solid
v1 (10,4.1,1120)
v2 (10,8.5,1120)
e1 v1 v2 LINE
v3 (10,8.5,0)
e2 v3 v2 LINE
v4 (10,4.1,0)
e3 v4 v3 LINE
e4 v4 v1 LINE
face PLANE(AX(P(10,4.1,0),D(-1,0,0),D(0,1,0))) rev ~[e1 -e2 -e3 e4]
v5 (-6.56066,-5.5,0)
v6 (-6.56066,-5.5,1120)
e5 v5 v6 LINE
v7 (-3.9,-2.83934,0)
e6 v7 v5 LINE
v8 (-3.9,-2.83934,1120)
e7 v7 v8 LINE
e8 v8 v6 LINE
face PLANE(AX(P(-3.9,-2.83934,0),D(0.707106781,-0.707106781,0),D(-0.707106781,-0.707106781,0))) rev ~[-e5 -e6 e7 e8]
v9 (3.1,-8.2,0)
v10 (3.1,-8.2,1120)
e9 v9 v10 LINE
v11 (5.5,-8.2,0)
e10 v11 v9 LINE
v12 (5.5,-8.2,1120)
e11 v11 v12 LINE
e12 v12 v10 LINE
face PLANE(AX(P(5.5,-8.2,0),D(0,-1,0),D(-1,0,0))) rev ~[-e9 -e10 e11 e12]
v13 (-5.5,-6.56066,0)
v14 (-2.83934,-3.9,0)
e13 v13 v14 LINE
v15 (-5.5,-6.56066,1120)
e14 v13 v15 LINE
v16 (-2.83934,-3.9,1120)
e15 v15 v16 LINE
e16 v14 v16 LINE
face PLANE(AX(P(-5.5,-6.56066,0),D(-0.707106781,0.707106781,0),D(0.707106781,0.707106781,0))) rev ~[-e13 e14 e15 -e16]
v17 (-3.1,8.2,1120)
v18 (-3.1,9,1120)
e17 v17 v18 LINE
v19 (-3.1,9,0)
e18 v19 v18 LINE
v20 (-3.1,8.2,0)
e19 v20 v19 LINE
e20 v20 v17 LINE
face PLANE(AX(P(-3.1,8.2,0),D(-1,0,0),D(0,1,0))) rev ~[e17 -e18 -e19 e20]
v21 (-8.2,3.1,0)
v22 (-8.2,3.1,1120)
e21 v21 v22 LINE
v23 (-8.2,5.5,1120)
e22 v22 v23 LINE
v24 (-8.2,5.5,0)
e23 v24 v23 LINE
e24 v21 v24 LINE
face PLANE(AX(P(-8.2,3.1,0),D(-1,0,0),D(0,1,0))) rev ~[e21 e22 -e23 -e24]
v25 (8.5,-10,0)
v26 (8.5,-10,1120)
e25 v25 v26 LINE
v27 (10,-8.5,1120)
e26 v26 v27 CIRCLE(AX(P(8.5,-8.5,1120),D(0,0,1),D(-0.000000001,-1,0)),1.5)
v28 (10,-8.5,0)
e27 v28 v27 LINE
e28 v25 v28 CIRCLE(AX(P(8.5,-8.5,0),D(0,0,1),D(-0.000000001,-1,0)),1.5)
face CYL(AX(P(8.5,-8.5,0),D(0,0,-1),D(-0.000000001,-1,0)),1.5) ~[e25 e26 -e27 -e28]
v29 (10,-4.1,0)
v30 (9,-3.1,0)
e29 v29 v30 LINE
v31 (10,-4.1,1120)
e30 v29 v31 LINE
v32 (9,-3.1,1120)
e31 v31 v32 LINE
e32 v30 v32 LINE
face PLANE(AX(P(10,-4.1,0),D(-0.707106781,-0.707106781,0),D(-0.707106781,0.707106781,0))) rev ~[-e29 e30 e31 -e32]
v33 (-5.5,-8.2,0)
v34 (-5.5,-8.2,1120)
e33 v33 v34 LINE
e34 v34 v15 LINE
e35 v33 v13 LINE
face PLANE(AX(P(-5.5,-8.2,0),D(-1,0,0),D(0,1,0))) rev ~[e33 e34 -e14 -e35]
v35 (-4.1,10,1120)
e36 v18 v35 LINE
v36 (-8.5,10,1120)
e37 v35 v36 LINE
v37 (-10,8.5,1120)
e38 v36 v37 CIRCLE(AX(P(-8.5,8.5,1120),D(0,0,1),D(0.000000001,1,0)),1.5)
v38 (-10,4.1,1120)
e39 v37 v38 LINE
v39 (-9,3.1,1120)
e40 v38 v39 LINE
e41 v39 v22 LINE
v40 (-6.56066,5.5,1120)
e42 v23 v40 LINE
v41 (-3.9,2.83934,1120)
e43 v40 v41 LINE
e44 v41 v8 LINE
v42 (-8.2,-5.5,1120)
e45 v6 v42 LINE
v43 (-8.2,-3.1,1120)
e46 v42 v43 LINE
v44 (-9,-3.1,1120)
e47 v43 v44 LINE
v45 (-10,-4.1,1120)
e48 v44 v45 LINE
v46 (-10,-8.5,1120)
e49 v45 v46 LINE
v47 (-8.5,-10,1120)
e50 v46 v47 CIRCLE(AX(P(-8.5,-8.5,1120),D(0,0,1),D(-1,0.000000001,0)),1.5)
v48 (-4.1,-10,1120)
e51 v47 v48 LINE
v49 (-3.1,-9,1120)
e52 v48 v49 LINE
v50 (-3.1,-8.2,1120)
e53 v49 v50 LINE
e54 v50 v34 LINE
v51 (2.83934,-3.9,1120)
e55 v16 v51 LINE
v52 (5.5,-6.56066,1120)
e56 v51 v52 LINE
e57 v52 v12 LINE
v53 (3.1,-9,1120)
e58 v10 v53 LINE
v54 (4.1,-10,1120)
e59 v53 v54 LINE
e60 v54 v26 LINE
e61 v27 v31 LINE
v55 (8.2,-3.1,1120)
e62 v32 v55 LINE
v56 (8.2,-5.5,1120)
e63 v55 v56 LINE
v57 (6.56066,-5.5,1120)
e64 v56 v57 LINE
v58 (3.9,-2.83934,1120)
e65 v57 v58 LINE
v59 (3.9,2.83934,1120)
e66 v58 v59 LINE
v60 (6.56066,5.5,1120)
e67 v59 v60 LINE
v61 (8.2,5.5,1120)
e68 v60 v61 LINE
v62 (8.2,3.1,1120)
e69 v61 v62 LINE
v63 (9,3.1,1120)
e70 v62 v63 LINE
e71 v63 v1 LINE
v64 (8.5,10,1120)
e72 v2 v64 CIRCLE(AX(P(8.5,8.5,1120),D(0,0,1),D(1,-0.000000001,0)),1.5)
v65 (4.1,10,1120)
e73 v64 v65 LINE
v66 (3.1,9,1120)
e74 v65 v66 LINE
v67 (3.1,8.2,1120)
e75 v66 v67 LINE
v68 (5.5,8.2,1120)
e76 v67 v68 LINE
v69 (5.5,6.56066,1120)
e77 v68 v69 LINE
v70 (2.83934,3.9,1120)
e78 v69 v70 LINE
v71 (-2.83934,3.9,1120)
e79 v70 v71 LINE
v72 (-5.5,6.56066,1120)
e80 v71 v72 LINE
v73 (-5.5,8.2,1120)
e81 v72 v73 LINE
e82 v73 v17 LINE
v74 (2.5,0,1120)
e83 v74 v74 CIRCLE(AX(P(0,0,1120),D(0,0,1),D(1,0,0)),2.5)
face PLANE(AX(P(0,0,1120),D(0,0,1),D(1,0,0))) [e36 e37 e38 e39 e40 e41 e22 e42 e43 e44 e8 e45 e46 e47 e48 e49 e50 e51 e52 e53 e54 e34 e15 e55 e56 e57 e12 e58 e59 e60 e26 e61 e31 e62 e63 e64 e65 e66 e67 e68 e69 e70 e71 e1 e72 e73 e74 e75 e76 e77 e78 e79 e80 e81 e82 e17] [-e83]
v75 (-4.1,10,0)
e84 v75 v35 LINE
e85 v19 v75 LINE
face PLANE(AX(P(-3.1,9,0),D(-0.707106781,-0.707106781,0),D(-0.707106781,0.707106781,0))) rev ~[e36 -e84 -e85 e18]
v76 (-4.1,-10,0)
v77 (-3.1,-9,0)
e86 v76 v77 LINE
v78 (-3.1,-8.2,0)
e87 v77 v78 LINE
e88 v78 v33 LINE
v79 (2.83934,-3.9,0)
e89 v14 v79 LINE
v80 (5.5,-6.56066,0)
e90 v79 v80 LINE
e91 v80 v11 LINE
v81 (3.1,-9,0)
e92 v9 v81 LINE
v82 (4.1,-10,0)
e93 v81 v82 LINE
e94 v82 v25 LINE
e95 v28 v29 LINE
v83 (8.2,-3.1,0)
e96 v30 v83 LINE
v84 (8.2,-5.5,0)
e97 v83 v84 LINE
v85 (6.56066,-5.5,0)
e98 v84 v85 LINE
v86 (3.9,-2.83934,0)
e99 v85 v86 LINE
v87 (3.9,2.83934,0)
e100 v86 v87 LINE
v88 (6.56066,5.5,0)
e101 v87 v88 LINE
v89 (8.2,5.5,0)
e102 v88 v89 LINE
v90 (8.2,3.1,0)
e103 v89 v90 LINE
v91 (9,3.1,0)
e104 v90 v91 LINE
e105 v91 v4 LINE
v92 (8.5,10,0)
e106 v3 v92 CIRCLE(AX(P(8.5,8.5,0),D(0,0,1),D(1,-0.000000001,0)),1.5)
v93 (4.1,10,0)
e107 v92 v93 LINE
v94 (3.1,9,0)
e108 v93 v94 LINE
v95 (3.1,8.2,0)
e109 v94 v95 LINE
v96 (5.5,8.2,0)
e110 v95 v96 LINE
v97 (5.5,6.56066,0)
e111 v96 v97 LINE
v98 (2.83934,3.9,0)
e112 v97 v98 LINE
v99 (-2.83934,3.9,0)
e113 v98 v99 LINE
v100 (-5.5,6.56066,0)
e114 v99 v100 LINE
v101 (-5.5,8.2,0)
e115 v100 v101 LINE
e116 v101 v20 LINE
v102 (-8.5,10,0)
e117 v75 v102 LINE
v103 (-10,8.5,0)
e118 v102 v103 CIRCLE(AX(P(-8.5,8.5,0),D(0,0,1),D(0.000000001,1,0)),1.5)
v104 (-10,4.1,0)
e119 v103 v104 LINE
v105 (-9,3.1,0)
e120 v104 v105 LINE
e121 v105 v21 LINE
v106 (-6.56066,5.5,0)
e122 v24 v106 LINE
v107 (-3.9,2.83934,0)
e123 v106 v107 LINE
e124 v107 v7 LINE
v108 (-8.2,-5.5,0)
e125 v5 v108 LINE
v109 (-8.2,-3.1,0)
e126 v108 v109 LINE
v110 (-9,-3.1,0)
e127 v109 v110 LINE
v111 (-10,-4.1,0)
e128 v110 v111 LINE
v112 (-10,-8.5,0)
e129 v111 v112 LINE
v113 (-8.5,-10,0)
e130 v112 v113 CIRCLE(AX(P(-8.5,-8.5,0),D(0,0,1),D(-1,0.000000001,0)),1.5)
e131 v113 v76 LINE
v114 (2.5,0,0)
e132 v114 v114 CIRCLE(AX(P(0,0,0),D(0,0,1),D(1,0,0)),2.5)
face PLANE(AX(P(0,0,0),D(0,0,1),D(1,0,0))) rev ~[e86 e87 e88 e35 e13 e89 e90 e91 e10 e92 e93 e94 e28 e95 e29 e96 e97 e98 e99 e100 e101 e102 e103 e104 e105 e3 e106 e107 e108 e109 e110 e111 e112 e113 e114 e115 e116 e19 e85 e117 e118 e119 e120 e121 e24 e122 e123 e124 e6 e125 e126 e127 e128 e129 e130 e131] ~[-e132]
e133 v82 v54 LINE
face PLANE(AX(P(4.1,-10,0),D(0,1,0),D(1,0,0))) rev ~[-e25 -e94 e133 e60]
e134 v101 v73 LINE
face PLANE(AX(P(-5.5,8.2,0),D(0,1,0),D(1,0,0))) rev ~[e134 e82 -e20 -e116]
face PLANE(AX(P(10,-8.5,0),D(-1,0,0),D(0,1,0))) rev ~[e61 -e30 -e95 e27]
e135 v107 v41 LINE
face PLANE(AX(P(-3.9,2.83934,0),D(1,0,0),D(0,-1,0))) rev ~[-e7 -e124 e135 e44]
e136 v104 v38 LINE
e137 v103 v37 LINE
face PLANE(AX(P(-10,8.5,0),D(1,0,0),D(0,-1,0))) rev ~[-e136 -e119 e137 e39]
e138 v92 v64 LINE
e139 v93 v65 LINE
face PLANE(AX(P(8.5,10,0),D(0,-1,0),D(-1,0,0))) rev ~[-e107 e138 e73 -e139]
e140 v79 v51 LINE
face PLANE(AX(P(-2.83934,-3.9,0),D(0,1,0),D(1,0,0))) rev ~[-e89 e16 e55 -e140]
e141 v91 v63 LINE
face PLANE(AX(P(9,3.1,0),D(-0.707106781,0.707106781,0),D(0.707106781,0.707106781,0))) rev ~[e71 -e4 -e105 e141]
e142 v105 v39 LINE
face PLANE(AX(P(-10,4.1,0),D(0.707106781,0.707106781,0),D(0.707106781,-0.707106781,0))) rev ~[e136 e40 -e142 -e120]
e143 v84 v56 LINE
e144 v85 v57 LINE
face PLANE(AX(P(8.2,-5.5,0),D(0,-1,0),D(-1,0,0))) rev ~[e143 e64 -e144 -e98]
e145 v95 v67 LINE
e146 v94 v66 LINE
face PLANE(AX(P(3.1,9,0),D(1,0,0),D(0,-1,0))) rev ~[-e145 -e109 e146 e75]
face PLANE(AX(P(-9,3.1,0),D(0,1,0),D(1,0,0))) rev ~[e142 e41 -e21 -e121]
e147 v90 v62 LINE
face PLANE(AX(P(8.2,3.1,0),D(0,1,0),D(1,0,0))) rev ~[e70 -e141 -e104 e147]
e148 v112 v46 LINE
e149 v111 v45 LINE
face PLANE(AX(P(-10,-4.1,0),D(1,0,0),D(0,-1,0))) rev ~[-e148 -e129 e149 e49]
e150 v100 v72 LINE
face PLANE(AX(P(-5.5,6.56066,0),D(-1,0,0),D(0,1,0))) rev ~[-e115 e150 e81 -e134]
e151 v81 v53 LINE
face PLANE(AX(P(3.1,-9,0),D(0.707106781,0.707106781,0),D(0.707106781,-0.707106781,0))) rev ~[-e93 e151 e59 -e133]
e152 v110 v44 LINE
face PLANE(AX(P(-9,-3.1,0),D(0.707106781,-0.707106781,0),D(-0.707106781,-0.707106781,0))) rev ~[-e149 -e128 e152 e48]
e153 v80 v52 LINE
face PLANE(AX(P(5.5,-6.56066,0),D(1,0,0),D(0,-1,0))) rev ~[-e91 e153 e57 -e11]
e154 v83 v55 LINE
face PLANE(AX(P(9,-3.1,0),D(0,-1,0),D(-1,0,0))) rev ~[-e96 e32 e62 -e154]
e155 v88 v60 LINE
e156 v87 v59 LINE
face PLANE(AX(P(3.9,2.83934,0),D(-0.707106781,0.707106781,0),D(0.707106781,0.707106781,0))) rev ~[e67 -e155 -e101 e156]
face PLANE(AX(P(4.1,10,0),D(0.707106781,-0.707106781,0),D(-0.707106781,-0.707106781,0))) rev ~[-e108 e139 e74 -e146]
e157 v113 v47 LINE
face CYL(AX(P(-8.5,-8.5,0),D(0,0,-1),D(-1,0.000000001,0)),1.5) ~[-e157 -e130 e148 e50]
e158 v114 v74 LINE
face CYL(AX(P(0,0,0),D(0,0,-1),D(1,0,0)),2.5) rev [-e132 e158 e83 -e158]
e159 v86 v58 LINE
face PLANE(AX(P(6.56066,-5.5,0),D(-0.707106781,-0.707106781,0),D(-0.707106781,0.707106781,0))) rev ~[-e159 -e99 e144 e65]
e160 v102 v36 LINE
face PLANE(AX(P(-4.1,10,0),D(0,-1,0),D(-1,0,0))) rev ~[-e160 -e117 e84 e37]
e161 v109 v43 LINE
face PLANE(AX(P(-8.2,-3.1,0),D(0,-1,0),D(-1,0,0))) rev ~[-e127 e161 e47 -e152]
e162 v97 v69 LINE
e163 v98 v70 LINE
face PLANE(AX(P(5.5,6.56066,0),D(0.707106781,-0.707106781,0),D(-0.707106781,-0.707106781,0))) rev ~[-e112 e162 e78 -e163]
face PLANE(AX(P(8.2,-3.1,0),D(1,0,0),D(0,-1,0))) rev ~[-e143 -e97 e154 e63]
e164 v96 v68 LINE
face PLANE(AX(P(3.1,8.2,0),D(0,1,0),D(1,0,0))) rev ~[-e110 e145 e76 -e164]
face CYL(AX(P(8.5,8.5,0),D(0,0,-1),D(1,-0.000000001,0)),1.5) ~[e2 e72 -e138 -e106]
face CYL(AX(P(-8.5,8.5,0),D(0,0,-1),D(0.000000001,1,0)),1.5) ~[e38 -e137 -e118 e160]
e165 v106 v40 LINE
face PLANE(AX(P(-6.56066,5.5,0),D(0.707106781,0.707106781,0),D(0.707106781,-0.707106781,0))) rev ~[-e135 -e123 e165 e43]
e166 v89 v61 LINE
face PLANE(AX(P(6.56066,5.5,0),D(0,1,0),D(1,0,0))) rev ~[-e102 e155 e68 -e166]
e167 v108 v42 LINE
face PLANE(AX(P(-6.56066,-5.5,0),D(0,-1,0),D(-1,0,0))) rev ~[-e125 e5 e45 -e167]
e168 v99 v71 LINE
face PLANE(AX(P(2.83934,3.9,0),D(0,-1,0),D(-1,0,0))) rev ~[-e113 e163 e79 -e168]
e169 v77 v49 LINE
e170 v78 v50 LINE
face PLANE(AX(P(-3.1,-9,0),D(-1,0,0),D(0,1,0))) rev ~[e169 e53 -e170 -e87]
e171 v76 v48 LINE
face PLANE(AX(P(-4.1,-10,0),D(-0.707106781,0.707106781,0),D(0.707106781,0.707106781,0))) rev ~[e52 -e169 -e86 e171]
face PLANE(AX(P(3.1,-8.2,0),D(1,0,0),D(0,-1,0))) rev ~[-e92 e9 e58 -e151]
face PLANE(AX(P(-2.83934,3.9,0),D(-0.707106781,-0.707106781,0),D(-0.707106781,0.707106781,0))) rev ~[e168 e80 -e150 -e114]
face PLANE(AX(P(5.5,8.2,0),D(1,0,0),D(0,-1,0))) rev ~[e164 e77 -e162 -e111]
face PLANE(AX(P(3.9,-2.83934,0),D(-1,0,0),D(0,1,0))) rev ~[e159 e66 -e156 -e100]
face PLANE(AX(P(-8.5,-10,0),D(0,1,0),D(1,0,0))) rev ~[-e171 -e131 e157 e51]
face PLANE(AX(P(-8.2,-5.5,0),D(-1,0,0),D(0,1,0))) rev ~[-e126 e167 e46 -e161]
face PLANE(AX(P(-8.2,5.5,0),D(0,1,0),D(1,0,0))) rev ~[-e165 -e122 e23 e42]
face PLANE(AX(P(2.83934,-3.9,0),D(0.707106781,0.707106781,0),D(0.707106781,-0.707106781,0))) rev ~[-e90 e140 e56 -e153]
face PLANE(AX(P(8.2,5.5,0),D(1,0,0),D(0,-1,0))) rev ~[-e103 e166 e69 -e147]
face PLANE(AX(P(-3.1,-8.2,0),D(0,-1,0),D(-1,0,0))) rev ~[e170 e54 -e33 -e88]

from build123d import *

# Parameters (mm, degrees)
SKETCH1_R           = 2.5
BOSS_EXTRUDE1_DEPTH = 1120


with BuildPart() as part:
    # Sketch1 → Boss-Extrude1 (new body)
    with BuildSketch(Plane.XY):
        with BuildLine():
            Line((2.839339828, 3.9), (-2.839339828, 3.9))
            Line((-2.839339828, 3.9), (-5.5, 6.560660172))
            Line((-5.5, 6.560660172), (-5.5, 8.2))
            Line((-5.5, 8.2), (-3.1, 8.2))
            Line((-3.1, 8.2), (-3.1, 9))
            Line((-3.1, 9), (-4.1, 10))
            Line((-4.1, 10), (-8.5, 10))
            ThreePointArc((-8.5, 10), (-9.560660172, 9.560660172), (-10, 8.5))
            Line((-10, 8.5), (-10, 4.1))
            Line((-10, 4.1), (-9, 3.1))
            Line((-9, 3.1), (-8.2, 3.1))
            Line((-8.2, 3.1), (-8.2, 5.5))
            Line((-8.2, 5.5), (-6.560660172, 5.5))
            Line((-6.560660172, 5.5), (-3.9, 2.839339828))
            Line((-3.9, 2.839339828), (-3.9, -2.839339828))
            Line((-3.9, -2.839339828), (-6.560660172, -5.5))
            Line((-6.560660172, -5.5), (-8.2, -5.5))
            Line((-8.2, -5.5), (-8.2, -3.1))
            Line((-8.2, -3.1), (-9, -3.1))
            Line((-9, -3.1), (-10, -4.1))
            Line((-10, -4.1), (-10, -8.5))
            ThreePointArc((-10, -8.5), (-9.560660172, -9.560660172), (-8.5, -10))
            Line((-8.5, -10), (-4.1, -10))
            Line((-4.1, -10), (-3.1, -9))
            Line((-3.1, -9), (-3.1, -8.2))
            Line((-3.1, -8.2), (-5.5, -8.2))
            Line((-5.5, -8.2), (-5.5, -6.560660172))
            Line((-5.5, -6.560660172), (-2.839339828, -3.9))
            Line((-2.839339828, -3.9), (2.839339828, -3.9))
            Line((2.839339828, -3.9), (5.5, -6.560660172))
            Line((5.5, -6.560660172), (5.5, -8.2))
            Line((5.5, -8.2), (3.1, -8.2))
            Line((3.1, -8.2), (3.1, -9))
            Line((3.1, -9), (4.1, -10))
            Line((4.1, -10), (8.5, -10))
            ThreePointArc((8.5, -10), (9.560660172, -9.560660172), (10, -8.5))
            Line((10, -8.5), (10, -4.1))
            Line((10, -4.1), (9, -3.1))
            Line((9, -3.1), (8.2, -3.1))
            Line((8.2, -3.1), (8.2, -5.5))
            Line((8.2, -5.5), (6.560660172, -5.5))
            Line((6.560660172, -5.5), (3.9, -2.839339828))
            Line((3.9, -2.839339828), (3.9, 2.839339828))
            Line((3.9, 2.839339828), (6.560660172, 5.5))
            Line((6.560660172, 5.5), (8.2, 5.5))
            Line((8.2, 5.5), (8.2, 3.1))
            Line((8.2, 3.1), (9, 3.1))
            Line((9, 3.1), (10, 4.1))
            Line((10, 4.1), (10, 8.5))
            ThreePointArc((10, 8.5), (9.560660172, 9.560660172), (8.5, 10))
            Line((8.5, 10), (4.1, 10))
            Line((4.1, 10), (3.1, 9))
            Line((3.1, 9), (3.1, 8.2))
            Line((3.1, 8.2), (5.5, 8.2))
            Line((5.5, 8.2), (5.5, 6.560660172))
            Line((5.5, 6.560660172), (2.839339828, 3.9))
        make_face()
        Circle(SKETCH1_R, mode=Mode.SUBTRACT)
    extrude(amount=BOSS_EXTRUDE1_DEPTH)


solid = part.part
